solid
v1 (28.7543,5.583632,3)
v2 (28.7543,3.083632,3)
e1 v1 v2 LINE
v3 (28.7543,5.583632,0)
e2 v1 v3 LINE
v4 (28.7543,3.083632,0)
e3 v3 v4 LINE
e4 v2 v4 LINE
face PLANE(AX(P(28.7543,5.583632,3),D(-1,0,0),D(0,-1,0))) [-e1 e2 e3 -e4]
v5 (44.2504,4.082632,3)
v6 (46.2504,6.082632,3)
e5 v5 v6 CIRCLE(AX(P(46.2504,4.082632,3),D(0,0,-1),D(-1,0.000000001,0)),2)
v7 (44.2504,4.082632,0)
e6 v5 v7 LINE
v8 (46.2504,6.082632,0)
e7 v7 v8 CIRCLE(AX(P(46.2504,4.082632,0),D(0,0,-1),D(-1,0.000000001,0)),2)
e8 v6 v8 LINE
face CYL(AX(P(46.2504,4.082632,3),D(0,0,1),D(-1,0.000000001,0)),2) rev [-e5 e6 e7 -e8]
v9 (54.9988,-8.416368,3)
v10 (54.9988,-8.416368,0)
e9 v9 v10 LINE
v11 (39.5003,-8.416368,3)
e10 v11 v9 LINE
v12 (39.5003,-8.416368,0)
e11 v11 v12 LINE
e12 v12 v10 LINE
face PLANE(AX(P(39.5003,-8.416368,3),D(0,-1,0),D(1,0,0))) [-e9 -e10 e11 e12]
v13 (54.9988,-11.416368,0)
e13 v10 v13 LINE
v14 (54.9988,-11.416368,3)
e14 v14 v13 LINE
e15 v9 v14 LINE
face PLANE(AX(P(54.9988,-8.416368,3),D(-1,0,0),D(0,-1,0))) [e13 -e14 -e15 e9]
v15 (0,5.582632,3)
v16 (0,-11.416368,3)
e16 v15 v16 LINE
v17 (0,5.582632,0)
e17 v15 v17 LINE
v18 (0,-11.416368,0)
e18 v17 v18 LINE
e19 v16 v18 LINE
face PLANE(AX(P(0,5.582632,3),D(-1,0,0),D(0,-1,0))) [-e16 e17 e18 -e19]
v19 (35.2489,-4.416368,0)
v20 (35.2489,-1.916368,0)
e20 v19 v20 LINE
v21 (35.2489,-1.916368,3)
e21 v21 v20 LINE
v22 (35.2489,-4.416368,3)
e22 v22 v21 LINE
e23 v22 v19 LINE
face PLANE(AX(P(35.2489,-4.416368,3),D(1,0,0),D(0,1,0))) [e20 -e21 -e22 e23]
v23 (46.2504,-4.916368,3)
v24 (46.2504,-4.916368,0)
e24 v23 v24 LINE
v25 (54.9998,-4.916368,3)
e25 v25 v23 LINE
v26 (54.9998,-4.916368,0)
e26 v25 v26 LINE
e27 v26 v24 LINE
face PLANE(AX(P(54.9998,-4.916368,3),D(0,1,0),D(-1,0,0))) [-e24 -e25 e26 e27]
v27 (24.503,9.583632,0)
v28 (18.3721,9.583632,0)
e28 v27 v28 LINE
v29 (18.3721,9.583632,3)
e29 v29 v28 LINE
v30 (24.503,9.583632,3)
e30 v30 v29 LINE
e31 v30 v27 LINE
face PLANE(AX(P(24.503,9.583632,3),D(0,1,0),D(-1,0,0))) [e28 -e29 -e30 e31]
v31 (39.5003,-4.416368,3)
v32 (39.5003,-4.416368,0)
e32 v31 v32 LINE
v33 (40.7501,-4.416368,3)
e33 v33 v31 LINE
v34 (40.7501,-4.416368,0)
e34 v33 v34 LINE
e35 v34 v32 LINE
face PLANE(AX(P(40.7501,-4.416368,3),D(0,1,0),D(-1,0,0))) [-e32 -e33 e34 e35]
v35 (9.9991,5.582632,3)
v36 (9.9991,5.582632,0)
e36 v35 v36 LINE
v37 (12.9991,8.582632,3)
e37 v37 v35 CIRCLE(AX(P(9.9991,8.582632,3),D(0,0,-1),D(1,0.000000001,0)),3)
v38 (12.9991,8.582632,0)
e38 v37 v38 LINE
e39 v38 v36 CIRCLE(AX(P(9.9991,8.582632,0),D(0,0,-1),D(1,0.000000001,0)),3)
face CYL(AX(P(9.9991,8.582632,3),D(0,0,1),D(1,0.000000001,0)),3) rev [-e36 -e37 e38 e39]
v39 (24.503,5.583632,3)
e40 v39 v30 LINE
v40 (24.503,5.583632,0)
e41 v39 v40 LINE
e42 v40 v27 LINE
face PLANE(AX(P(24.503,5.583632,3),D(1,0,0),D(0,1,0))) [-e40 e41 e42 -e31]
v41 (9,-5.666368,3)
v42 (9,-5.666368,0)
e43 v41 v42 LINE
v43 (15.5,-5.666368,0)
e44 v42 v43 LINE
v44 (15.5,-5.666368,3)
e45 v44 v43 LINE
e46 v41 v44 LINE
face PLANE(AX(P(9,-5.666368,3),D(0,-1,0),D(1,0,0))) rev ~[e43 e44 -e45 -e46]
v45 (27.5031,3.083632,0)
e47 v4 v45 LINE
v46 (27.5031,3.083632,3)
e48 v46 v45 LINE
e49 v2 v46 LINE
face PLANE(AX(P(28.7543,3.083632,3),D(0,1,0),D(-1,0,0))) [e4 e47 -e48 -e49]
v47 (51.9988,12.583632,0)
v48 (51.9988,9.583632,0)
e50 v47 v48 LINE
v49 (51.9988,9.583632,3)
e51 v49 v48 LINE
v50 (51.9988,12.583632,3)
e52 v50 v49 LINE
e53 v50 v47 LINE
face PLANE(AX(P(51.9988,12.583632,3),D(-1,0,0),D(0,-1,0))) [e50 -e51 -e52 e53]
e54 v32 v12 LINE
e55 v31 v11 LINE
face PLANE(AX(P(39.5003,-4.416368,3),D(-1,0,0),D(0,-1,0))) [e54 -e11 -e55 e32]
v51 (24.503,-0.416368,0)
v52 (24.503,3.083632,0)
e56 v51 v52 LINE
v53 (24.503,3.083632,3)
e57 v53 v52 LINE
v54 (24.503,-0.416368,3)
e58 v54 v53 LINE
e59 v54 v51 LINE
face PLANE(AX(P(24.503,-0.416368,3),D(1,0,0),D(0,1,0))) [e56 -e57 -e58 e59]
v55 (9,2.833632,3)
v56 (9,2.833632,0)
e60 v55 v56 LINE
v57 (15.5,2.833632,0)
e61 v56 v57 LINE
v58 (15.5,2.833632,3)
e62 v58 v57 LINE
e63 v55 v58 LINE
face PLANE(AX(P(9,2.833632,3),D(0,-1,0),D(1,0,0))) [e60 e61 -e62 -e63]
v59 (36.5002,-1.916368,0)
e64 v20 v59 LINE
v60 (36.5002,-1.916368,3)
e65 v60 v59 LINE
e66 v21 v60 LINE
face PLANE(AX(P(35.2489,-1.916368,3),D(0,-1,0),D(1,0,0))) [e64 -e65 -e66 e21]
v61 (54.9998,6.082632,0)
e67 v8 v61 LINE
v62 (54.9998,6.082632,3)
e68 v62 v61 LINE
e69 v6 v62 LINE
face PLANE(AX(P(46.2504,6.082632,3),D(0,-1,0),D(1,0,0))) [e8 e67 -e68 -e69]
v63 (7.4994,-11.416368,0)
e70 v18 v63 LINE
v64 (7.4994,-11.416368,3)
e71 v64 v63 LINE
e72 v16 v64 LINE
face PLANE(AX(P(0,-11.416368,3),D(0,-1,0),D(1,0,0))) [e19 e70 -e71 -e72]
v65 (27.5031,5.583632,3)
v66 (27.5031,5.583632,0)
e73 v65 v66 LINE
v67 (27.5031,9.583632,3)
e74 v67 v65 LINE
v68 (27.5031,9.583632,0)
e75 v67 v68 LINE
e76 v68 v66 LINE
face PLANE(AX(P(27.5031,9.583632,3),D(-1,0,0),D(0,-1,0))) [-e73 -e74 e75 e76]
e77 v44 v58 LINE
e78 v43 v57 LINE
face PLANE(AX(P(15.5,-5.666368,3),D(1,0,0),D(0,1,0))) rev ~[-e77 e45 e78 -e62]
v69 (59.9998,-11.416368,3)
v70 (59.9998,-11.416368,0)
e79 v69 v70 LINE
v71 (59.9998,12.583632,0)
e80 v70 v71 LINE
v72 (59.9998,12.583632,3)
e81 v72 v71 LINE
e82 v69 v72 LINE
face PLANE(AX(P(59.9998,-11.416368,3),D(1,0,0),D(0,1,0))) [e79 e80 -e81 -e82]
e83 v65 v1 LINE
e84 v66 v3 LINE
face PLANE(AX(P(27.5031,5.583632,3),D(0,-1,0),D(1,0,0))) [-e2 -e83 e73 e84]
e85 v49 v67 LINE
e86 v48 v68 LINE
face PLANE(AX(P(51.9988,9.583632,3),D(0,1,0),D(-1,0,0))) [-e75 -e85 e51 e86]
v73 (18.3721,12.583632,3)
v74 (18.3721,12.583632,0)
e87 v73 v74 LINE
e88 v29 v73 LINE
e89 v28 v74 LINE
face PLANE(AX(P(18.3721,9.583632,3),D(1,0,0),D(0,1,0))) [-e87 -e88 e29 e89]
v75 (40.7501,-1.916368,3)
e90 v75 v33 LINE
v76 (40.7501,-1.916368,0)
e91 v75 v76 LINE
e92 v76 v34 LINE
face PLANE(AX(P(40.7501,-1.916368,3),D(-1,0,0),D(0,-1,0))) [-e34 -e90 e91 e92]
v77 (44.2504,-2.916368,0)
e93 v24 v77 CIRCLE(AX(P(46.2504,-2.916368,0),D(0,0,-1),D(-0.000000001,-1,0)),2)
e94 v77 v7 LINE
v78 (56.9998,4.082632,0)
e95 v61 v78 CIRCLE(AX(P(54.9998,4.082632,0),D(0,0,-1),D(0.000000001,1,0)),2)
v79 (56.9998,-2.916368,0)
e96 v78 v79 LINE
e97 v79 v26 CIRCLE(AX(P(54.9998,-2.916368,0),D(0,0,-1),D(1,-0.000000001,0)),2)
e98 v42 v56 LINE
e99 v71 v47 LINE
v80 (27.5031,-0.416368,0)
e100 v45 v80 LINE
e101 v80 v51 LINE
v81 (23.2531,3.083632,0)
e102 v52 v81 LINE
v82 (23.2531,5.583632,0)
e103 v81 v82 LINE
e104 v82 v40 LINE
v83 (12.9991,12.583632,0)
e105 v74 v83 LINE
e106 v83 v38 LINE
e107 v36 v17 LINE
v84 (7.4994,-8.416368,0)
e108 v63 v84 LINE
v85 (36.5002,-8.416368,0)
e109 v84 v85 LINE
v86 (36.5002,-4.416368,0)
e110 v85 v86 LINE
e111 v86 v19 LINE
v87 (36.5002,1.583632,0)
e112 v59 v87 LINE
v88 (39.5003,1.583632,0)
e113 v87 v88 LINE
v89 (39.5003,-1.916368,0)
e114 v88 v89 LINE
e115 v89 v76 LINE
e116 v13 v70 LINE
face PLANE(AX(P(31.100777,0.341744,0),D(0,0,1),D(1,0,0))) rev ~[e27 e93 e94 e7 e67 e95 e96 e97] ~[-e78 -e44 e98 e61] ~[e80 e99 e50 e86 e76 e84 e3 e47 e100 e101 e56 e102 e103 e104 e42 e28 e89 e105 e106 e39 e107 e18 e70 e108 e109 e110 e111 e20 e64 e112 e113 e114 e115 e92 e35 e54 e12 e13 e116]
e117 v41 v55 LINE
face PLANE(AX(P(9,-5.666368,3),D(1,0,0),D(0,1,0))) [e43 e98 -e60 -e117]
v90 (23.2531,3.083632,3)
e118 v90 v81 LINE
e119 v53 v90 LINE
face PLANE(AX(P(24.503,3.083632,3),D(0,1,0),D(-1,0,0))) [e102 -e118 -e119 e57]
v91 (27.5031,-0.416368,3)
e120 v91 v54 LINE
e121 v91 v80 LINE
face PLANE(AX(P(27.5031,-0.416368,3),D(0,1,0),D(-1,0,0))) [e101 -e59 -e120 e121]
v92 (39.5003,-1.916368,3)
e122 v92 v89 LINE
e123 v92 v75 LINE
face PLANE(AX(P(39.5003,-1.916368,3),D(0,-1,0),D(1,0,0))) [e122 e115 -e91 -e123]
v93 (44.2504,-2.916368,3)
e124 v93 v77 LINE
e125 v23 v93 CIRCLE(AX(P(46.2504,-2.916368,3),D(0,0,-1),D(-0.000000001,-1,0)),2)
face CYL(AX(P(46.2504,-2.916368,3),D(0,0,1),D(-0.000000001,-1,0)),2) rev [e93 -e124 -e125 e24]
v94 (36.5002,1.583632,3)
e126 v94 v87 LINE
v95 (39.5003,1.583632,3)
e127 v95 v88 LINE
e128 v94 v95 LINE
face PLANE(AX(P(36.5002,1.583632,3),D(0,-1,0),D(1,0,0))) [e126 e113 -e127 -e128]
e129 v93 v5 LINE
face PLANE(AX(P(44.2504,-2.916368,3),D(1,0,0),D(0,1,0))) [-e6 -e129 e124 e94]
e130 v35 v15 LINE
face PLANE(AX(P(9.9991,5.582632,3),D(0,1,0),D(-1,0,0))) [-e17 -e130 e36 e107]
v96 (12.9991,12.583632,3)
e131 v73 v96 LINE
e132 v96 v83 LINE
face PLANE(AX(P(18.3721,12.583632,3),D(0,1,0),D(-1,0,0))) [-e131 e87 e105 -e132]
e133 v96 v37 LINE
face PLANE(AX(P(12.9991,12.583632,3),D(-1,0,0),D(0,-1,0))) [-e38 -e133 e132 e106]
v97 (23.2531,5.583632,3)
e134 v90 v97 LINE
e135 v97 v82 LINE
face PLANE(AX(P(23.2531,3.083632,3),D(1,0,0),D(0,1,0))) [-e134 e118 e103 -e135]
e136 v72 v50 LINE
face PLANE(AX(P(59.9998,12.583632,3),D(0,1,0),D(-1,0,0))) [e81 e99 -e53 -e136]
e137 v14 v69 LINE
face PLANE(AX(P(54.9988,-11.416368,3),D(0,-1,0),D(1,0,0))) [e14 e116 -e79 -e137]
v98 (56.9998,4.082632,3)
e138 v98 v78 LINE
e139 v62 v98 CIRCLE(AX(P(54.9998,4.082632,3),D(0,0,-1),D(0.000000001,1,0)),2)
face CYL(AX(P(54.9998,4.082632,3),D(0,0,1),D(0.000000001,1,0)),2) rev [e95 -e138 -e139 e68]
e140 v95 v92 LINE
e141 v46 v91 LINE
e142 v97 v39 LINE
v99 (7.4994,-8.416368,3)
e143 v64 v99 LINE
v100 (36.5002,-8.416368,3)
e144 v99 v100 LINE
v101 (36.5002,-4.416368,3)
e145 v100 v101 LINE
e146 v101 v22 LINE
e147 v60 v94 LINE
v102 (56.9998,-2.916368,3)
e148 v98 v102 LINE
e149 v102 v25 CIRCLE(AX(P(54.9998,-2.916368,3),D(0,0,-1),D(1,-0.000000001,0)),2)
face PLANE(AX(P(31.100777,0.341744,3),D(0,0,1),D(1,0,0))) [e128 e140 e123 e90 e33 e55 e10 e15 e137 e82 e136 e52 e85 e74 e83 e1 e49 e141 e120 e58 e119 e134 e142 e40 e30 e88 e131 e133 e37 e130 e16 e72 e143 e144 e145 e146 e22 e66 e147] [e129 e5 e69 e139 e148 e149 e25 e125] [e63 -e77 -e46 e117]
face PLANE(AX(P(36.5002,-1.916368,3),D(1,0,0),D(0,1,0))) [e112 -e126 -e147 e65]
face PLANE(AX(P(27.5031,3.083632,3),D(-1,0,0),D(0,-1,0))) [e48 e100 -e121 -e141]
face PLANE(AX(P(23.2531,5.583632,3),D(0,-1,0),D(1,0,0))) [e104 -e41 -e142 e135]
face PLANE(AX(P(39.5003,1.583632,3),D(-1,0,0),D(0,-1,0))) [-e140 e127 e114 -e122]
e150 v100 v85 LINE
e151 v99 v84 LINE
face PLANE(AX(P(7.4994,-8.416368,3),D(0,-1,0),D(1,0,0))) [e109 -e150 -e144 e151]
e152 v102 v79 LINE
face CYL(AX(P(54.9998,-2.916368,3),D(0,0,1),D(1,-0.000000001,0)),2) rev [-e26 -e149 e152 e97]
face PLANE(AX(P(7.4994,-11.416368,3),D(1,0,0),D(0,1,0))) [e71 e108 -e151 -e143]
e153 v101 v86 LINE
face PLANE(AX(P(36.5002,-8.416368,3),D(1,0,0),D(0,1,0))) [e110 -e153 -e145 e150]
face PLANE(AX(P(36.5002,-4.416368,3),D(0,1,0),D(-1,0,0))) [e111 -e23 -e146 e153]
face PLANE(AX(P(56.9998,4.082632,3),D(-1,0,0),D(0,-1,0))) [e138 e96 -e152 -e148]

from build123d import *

# Parameters (mm, degrees)
SKETCH_1_W      = 6.5
SKETCH_1_H      = 8.5
EXTRUDE_1_DEPTH = 3


with BuildPart() as part:
    # 草图1 → 凸台-拉伸1 (new body)
    with BuildSketch(Plane.XY.offset(3)):
        with BuildLine():
            Line((7.4994, -8.416368207), (36.5002, -8.416368207))
            Line((36.5002, -8.416368207), (36.5002, -4.416368207))
            Line((36.5002, -4.416368207), (35.2489, -4.416368207))
            Line((35.2489, -4.416368207), (35.2489, -1.916368207))
            Line((35.2489, -1.916368207), (36.5002, -1.916368207))
            Line((36.5002, -1.916368207), (36.5002, 1.583631793))
            Line((36.5002, 1.583631793), (39.5003, 1.583631793))
            Line((39.5003, 1.583631793), (39.5003, -1.916368207))
            Line((39.5003, -1.916368207), (40.7501, -1.916368207))
            Line((40.7501, -1.916368207), (40.7501, -4.416368207))
            Line((40.7501, -4.416368207), (39.5003, -4.416368207))
            Line((39.5003, -4.416368207), (39.5003, -8.416368207))
            Line((39.5003, -8.416368207), (54.9988, -8.416368207))
            Line((54.9988, -8.416368207), (54.9988, -11.416368207))
            Line((54.9988, -11.416368207), (59.9998, -11.416368207))
            Line((59.9998, -11.416368207), (59.9998, 12.583631793))
            Line((59.9998, 12.583631793), (51.9988, 12.583631793))
            Line((51.9988, 12.583631793), (51.9988, 9.583631793))
            Line((51.9988, 9.583631793), (27.5031, 9.583631793))
            Line((27.5031, 9.583631793), (27.5031, 5.583631793))
            Line((27.5031, 5.583631793), (28.7543, 5.583631793))
            Line((28.7543, 5.583631793), (28.7543, 3.083631793))
            Line((28.7543, 3.083631793), (27.5031, 3.083631793))
            Line((27.5031, 3.083631793), (27.5031, -0.416368207))
            Line((27.5031, -0.416368207), (24.503, -0.416368207))
            Line((24.503, -0.416368207), (24.503, 3.083631793))
            Line((24.503, 3.083631793), (23.2531, 3.083631793))
            Line((23.2531, 3.083631793), (23.2531, 5.583631793))
            Line((23.2531, 5.583631793), (24.503, 5.583631793))
            Line((24.503, 5.583631793), (24.503, 9.583631793))
            Line((24.503, 9.583631793), (18.3721, 9.583631793))
            Line((18.3721, 9.583631793), (18.3721, 12.583631793))
            Line((18.3721, 12.583631793), (12.9991, 12.583631793))
            Line((12.9991, 12.583631793), (12.9991, 8.582631793))
            ThreePointArc((12.9991, 8.582631793), (12.120420344, 6.461311449), (9.9991, 5.582631793))
            Line((9.9991, 5.582631793), (0, 5.582631793))
            Line((0, 5.582631793), (0, -11.416368207))
            Line((0, -11.416368207), (7.4994, -11.416368207))
            Line((7.4994, -11.416368207), (7.4994, -8.416368207))
        make_face()
        with Locations((12.25, -1.416368207)):
            Rectangle(SKETCH_1_W, SKETCH_1_H, mode=Mode.SUBTRACT)
        with BuildLine():
            Line((56.9998, 4.082631793), (56.9998, -2.916368207))
            ThreePointArc((56.9998, -2.916368207), (56.414013562, -4.330581769), (54.9998, -4.916368207))
            Line((54.9998, -4.916368207), (46.2504, -4.916368207))
            ThreePointArc((46.2504, -4.916368207), (44.836186438, -4.330581769), (44.2504, -2.916368207))
            Line((44.2504, -2.916368207), (44.2504, 4.082631793))
            ThreePointArc((44.2504, 4.082631793), (44.836186438, 5.496845355), (46.2504, 6.082631793))
            Line((46.2504, 6.082631793), (54.9998, 6.082631793))
            ThreePointArc((54.9998, 6.082631793), (56.414013562, 5.496845355), (56.9998, 4.082631793))
        make_face(mode=Mode.SUBTRACT)
    extrude(amount=-EXTRUDE_1_DEPTH)


solid = part.part
